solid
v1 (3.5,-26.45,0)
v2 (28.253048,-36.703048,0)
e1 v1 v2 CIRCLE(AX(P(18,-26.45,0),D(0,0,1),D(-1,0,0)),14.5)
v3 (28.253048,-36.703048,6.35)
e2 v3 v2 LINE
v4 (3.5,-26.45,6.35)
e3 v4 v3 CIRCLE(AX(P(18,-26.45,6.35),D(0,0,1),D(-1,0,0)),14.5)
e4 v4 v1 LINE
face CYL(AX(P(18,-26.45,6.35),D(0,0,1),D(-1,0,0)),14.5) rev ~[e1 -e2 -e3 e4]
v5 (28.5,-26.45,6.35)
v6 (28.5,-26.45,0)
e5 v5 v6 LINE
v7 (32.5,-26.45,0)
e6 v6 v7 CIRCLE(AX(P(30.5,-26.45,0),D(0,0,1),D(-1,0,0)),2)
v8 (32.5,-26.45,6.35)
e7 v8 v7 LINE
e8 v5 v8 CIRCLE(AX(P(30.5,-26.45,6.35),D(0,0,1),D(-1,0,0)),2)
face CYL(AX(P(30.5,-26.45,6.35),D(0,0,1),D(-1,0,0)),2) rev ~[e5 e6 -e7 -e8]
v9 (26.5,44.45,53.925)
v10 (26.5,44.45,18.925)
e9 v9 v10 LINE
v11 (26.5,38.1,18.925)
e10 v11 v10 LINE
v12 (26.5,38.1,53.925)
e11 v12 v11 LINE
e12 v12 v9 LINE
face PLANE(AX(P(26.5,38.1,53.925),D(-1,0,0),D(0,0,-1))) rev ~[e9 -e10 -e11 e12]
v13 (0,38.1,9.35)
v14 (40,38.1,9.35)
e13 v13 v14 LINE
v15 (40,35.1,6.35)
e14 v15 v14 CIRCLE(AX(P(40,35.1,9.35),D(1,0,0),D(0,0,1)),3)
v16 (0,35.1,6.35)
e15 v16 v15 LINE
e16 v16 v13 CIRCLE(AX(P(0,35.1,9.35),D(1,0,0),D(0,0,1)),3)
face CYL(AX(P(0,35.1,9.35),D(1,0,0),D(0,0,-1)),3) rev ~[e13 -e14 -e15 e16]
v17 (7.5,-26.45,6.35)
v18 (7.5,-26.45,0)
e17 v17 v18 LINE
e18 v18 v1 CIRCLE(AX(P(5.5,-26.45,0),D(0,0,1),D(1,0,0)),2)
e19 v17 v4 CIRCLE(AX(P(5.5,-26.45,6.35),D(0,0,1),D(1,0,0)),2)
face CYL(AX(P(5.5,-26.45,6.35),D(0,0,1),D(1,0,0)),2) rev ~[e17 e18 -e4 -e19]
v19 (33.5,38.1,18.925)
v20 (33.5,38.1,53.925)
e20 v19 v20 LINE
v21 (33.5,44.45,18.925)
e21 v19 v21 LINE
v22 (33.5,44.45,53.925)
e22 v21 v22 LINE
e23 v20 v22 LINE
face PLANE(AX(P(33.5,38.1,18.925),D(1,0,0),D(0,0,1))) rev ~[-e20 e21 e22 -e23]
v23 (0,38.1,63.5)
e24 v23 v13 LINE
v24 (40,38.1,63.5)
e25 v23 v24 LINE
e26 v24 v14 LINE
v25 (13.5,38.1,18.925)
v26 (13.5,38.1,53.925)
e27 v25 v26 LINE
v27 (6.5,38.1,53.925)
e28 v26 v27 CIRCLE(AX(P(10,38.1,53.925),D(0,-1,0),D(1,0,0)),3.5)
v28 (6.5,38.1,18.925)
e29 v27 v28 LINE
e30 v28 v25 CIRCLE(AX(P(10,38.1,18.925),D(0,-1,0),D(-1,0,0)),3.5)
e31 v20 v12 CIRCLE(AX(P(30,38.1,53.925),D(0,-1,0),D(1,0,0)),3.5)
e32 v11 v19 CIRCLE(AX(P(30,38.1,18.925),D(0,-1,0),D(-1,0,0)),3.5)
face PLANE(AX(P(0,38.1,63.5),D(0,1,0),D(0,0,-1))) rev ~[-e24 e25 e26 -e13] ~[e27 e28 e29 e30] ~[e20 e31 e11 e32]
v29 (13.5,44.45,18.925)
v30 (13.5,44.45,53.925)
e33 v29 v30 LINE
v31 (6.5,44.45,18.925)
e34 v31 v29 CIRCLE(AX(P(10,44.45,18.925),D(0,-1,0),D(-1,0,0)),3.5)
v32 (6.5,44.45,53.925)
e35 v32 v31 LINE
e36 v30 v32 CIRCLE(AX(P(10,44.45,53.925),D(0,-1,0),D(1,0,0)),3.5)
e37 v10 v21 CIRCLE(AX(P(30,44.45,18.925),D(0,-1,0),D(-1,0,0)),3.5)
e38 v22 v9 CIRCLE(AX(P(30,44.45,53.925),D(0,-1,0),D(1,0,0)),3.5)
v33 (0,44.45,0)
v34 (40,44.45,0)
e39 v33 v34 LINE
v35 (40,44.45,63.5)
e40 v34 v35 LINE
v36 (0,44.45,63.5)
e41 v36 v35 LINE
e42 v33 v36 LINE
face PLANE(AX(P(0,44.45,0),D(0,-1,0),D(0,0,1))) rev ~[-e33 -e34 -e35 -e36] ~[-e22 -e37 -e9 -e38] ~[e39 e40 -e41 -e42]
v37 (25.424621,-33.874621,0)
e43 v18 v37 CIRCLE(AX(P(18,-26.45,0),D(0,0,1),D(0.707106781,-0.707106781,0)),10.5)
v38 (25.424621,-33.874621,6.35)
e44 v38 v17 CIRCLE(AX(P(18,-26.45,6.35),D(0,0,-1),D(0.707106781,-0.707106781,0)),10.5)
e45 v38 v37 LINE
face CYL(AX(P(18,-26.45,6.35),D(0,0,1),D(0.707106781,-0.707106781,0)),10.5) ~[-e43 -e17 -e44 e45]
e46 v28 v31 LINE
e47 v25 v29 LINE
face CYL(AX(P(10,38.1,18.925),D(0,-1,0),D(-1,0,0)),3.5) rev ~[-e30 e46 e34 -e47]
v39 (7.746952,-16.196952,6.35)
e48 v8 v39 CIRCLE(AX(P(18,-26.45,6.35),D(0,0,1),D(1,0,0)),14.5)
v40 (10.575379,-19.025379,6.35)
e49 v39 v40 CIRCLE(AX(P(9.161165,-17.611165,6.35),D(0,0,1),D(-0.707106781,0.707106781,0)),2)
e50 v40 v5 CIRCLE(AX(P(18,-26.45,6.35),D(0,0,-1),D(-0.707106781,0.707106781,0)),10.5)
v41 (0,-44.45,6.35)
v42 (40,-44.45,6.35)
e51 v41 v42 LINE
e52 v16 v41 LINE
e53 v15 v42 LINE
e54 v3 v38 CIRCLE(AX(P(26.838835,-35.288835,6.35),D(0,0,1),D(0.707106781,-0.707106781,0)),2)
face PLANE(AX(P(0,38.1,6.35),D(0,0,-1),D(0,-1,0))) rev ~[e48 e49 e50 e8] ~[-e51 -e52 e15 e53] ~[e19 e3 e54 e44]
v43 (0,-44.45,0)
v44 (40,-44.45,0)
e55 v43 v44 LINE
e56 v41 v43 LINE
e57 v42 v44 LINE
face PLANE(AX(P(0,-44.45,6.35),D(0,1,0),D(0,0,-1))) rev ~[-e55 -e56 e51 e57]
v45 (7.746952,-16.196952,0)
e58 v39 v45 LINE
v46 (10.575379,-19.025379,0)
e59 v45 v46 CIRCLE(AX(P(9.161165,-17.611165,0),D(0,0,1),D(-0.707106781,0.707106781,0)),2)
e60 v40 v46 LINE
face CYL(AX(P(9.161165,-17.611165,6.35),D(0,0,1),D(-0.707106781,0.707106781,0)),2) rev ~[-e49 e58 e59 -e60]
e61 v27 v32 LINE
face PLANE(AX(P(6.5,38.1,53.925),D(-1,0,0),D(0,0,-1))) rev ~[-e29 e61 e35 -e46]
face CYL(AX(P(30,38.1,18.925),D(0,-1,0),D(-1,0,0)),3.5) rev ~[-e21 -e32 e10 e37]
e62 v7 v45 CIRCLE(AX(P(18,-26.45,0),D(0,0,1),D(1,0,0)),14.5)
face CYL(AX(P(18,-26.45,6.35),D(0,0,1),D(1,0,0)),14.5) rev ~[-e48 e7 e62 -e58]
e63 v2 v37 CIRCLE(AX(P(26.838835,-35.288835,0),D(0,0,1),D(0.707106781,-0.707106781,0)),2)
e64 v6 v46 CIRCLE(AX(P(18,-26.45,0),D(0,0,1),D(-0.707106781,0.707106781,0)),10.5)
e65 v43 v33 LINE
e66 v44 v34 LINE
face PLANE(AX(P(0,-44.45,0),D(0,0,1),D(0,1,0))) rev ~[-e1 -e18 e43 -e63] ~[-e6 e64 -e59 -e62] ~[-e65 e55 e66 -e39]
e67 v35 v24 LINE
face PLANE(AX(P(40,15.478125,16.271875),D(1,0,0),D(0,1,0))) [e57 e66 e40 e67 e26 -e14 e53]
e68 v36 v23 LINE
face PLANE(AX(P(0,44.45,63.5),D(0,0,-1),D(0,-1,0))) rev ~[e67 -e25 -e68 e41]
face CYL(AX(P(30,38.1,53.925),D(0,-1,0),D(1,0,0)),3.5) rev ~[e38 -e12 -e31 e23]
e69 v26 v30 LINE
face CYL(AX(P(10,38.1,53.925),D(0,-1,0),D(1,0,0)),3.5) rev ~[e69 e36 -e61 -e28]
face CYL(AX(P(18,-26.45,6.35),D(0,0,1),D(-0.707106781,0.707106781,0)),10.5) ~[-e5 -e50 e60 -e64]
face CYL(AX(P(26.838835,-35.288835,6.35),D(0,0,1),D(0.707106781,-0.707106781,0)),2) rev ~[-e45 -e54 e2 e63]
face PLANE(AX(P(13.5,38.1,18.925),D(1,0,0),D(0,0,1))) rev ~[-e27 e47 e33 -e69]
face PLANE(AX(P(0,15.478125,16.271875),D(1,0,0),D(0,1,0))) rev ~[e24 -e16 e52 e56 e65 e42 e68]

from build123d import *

# Parameters (mm, degrees)
F1_DEPTH = 40
F3_DEPTH = 25
F4_R     = 3
F6_DEPTH = 25


with BuildPart() as f1:
    # F0 (on Right) → F1 (new body)
    with BuildSketch(Plane.YZ):
        Polygon((-44.45, 6.35), (-44.45, 0), (44.45, 0), (44.45, 63.5), (38.1, 63.5), (38.1, 6.35), align=None)
    extrude(amount=F1_DEPTH)

    # F2 (on face) → F3 (cut)
    with BuildSketch(Plane.XY.offset(6.35)):
        with BuildLine():
            ThreePointArc((7.5, -26.45), (5.5, -24.45), (3.5, -26.45))
            ThreePointArc((3.5, -26.45), (12.4510902307, -39.8462532214), (28.2530483272, -36.7030483272))
            ThreePointArc((28.2530483272, -36.7030483272), (28.2530483272, -33.8746212025), (25.4246212025, -33.8746212025))
            ThreePointArc((25.4246212025, -33.8746212025), (13.9818239602, -36.1507350914), (7.5, -26.45))
        make_face()
        with BuildLine():
            ThreePointArc((28.5, -26.45), (30.5, -28.45), (32.5, -26.45))
            ThreePointArc((32.5, -26.45), (23.5489097693, -13.0537467786), (7.7469516728, -16.1969516728))
            ThreePointArc((7.7469516728, -16.1969516728), (7.7469516728, -19.0253787975), (10.5753787975, -19.0253787975))
            ThreePointArc((10.5753787975, -19.0253787975), (22.0181760398, -16.7492649086), (28.5, -26.45))
        make_face()
    extrude(amount=-F3_DEPTH, mode=Mode.SUBTRACT)

    # F4
    f4_edges = [f1.edges().sort_by_distance(p)[0] for p in [
        (20, 38.1, 6.35),
    ]]
    fillet(f4_edges, radius=F4_R)

    # F5 (on face) → F6 (cut)
    with BuildSketch(Plane.XZ.offset(-38.1)):
        with BuildLine():
            ThreePointArc((13.5, 53.925), (10, 57.425), (6.5, 53.925))
            Line((6.5, 53.925), (6.5, 18.925))
            ThreePointArc((6.5, 18.925), (10, 15.425), (13.5, 18.925))
            Line((13.5, 18.925), (13.5, 53.925))
        make_face()
        with BuildLine():
            ThreePointArc((33.5, 53.925), (30, 57.425), (26.5, 53.925))
            Line((26.5, 53.925), (26.5, 18.925))
            ThreePointArc((26.5, 18.925), (30, 15.425), (33.5, 18.925))
            Line((33.5, 18.925), (33.5, 53.925))
        make_face()
    extrude(amount=-F6_DEPTH, mode=Mode.SUBTRACT)


solid = f1.part
